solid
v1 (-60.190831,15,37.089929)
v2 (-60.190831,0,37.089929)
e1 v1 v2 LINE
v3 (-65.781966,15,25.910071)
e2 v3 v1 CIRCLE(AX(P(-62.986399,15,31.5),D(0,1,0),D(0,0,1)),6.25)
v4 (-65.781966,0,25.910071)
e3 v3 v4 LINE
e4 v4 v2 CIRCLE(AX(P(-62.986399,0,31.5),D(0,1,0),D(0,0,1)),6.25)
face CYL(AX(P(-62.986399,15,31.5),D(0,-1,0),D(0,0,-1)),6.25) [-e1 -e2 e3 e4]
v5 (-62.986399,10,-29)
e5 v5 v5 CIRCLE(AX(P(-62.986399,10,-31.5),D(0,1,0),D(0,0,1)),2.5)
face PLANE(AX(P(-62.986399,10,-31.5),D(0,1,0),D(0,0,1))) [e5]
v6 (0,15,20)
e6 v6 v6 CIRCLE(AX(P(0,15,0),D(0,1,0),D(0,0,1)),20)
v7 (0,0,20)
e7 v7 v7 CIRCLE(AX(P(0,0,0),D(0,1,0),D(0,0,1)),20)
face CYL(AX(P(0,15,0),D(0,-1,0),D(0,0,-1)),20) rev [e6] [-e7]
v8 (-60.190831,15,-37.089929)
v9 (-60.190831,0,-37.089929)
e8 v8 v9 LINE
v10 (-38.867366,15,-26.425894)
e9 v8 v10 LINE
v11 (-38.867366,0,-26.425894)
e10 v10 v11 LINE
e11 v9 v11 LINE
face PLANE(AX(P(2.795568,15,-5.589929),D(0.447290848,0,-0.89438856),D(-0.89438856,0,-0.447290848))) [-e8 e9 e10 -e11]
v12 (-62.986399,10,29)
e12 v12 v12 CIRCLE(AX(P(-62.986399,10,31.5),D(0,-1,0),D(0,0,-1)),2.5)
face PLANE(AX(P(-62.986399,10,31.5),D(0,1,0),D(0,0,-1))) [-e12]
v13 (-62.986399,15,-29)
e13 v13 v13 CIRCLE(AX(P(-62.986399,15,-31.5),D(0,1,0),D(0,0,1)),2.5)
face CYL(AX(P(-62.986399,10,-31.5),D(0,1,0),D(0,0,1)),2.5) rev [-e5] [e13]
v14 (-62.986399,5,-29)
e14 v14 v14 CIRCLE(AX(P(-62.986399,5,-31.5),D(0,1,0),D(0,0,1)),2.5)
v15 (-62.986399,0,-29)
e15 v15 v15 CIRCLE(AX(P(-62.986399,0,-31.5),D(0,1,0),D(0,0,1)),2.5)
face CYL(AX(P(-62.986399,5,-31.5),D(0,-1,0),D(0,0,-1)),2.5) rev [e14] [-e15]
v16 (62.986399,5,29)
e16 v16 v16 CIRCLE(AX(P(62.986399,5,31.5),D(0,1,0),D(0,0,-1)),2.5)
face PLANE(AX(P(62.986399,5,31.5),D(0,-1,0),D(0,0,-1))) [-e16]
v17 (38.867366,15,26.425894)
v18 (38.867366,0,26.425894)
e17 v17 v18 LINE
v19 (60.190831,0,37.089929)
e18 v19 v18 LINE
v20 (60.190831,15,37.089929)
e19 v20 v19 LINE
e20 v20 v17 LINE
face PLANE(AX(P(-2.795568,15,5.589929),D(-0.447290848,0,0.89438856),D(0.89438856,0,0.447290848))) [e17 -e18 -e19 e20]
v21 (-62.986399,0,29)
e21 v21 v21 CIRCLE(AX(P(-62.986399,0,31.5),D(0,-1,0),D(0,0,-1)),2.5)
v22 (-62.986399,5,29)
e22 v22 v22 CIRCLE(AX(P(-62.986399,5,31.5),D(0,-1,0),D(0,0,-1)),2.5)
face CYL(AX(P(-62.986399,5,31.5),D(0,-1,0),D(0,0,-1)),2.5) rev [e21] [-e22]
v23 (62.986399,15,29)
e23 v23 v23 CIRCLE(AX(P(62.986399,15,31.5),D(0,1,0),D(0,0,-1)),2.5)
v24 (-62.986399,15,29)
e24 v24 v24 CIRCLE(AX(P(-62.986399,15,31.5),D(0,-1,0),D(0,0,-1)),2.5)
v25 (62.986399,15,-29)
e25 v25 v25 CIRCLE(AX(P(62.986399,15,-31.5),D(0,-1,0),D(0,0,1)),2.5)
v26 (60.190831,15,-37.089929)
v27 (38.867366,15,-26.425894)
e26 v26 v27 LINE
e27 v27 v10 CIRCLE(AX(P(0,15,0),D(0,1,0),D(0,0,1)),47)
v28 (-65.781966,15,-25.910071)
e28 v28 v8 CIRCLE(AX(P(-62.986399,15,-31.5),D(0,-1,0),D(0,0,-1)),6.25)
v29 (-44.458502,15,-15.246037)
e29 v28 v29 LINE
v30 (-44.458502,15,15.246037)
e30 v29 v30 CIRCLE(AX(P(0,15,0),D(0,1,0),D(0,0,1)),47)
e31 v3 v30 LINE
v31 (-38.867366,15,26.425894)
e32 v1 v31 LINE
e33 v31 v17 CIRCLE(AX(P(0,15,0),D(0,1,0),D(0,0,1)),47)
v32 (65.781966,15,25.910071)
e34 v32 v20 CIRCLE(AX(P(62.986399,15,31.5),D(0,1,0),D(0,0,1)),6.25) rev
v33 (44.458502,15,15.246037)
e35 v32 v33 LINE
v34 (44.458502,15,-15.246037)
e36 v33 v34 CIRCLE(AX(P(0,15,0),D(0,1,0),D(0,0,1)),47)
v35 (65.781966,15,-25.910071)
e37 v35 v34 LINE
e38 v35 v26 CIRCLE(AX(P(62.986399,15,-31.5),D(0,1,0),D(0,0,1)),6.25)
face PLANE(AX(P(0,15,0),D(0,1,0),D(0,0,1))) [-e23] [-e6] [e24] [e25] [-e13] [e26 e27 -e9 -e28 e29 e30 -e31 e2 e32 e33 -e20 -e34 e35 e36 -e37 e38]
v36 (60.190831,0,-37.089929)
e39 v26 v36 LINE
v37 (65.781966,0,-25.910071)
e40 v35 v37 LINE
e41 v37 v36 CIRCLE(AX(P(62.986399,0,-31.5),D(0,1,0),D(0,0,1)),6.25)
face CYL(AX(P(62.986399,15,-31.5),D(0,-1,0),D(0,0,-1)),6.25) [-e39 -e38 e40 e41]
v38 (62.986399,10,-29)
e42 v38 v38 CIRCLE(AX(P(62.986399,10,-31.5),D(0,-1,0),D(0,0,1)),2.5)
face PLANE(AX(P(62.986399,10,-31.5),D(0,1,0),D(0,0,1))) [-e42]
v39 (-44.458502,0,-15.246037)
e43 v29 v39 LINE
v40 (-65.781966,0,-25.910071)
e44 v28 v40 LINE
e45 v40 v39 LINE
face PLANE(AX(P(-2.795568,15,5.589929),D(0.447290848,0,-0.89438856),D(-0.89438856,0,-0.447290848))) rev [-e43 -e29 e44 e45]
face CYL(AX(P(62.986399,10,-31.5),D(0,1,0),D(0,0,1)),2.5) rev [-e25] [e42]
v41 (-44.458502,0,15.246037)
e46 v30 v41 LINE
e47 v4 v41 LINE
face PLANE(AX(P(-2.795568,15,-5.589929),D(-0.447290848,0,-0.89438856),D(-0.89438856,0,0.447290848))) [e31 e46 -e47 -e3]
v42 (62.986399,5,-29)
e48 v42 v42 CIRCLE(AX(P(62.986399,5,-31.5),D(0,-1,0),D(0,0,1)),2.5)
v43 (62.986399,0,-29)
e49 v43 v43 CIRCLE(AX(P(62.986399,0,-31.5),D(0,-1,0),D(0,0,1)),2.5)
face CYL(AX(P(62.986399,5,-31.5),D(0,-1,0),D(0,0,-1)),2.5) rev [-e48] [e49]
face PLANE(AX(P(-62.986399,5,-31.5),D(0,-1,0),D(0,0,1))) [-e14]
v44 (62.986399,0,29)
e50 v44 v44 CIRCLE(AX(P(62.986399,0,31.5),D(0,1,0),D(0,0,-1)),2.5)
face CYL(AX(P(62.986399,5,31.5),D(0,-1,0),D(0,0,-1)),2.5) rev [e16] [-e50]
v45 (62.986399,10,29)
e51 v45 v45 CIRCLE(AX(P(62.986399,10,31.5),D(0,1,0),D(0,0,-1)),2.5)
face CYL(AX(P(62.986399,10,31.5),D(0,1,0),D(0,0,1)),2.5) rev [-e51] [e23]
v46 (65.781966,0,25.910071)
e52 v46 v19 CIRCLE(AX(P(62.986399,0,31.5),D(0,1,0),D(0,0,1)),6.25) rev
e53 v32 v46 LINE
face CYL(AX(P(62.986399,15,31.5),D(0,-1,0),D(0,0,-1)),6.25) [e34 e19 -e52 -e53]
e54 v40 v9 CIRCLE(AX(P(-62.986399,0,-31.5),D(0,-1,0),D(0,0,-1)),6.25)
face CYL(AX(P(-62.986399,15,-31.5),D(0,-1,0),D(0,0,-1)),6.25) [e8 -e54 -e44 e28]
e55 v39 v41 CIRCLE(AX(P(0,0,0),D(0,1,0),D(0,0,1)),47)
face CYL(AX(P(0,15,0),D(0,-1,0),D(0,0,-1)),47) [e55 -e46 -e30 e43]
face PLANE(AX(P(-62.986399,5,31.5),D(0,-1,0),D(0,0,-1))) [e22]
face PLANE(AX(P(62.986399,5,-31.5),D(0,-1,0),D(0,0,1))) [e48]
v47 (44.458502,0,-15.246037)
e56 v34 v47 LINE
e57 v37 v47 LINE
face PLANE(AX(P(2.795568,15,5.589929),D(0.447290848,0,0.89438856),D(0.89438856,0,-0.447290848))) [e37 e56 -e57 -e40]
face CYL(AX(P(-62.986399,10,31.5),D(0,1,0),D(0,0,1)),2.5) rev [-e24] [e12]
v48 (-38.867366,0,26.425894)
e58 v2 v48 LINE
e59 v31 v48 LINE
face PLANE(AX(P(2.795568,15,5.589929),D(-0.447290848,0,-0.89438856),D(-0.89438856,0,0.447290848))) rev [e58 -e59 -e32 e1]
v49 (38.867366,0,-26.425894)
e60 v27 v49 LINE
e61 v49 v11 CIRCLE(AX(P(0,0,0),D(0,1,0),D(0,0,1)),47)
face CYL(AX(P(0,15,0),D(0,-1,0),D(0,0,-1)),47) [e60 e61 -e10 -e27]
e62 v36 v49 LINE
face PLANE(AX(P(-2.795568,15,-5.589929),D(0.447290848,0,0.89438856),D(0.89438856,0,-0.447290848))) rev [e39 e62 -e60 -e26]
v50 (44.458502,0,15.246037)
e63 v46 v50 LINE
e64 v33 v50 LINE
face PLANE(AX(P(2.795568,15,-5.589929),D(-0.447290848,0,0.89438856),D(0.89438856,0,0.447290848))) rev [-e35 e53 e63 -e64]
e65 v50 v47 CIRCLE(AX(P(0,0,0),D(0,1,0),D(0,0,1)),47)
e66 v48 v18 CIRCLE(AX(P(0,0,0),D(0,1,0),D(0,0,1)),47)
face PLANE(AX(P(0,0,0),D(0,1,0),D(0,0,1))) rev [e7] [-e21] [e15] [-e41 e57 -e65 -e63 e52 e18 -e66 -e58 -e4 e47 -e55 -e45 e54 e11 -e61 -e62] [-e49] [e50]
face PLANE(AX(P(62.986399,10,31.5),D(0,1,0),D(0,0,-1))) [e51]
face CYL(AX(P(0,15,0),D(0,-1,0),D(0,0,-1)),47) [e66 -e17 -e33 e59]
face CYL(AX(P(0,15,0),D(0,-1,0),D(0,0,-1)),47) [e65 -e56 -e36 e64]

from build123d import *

# Parameters (mm, degrees)
SKETCH_1_R               = 20
EXTRUDE_1_DEPTH          = 15
SKETCH_2_R               = 2.5
CUT_EXTRUDE_1_DEPTH      = 5
MIRROR_2_COPY_1_SKETCH_R = 2.5
MIRROR_2_COPY_1_DEPTH    = 5
MIRROR_3_COPY_1_SKETCH_R = 2.5
MIRROR_3_COPY_1_DEPTH    = 5
MIRROR_3_COPY_2_SKETCH_R = 2.5
MIRROR_3_COPY_2_DEPTH    = 5
MIRROR_3_COPY_3_SKETCH_R = 2.5
MIRROR_3_COPY_3_DEPTH    = 5


with BuildPart() as part:
    # 草图1 → 凸台-拉伸1 (new body)
    with BuildSketch(Plane(origin=(0, 0, 0), x_dir=(1, 0, 0), z_dir=(0, 1, 0))):
        with BuildLine():
            Line((44.458501576, 15.246036783), (65.781966365, 25.910071498))
            ThreePointArc((65.781966365, 25.910071498), (68.576327064, 34.295567803), (60.190830759, 37.089928502))
            Line((60.190830759, 37.089928502), (38.867365971, 26.425893787))
            ThreePointArc((38.867365971, 26.425893787), (0, 47), (-38.867365971, 26.425893787))
            Line((-38.867365971, 26.425893787), (-60.190830759, 37.089928502))
            ThreePointArc((-60.190830759, 37.089928502), (-68.576327064, 34.295567803), (-65.781966365, 25.910071498))
            Line((-65.781966365, 25.910071498), (-44.458501576, 15.246036783))
            ThreePointArc((-44.458501576, 15.246036783), (-47, 0), (-44.458501576, -15.246036783))
            Line((-44.458501576, -15.246036783), (-65.781966365, -25.910071498))
            ThreePointArc((-65.781966365, -25.910071498), (-68.576327064, -34.295567803), (-60.190830759, -37.089928502))
            Line((-60.190830759, -37.089928502), (-38.867365971, -26.425893787))
            ThreePointArc((-38.867365971, -26.425893787), (0, -47), (38.867365971, -26.425893787))
            Line((38.867365971, -26.425893787), (60.190830759, -37.089928502))
            ThreePointArc((60.190830759, -37.089928502), (68.576327064, -34.295567803), (65.781966365, -25.910071498))
            Line((65.781966365, -25.910071498), (44.458501576, -15.246036783))
            ThreePointArc((44.458501576, -15.246036783), (47, 0), (44.458501576, 15.246036783))
        make_face()
        with Locations(Location((0, 0, 0), (0, 0, 270))):
            Circle(SKETCH_1_R, mode=Mode.SUBTRACT)
    extrude(amount=EXTRUDE_1_DEPTH)

    # 草图2 → 切除-拉伸1 (cut)
    with BuildSketch(Plane(origin=(0, 15, 0), x_dir=(1, 0, 0), z_dir=(0, 1, 0))):
        with Locations(Location((-62.986398562, 31.5, 0), (0, 0, 270))):
            Circle(SKETCH_2_R)
    cut_extrude_1 = extrude(amount=-CUT_EXTRUDE_1_DEPTH, mode=Mode.SUBTRACT)

    # 镜向1: 切除-拉伸1 across plane
    add(cut_extrude_1.mirror(Plane.XY), mode=Mode.SUBTRACT)

    # 镜向2: 切除-拉伸1 across plane
    add(cut_extrude_1.mirror(Plane(origin=(0, 0, 0), x_dir=(0, 0, 1), z_dir=(1, 0, 0))), mode=Mode.SUBTRACT)

    # 镜向2 copy 1 sketch → 镜向2 copy 1 (cut)
    with BuildSketch(Plane(origin=(0, 15, 0), x_dir=(-1, 0, 0), z_dir=(0, 1, 0))):
        with Locations(Location((-62.986398562, 31.5, 0), (0, 0, 270))):
            Circle(MIRROR_2_COPY_1_SKETCH_R)
    extrude(amount=-MIRROR_2_COPY_1_DEPTH, mode=Mode.SUBTRACT)

    # 镜向3: 切除-拉伸1 across plane
    add(cut_extrude_1.mirror(Plane(origin=(0, 7.5, 0), x_dir=(0, 0, 1), z_dir=(0, -1, 0))), mode=Mode.SUBTRACT)

    # 镜向3 copy 1 sketch → 镜向3 copy 1 (cut)
    with BuildSketch(Plane.XZ):
        with Locations(Location((-62.986398562, 31.5, 0), (0, 0, 270))):
            Circle(MIRROR_3_COPY_1_SKETCH_R)
    extrude(amount=-MIRROR_3_COPY_1_DEPTH, mode=Mode.SUBTRACT)

    # 镜向3 copy 2 sketch → 镜向3 copy 2 (cut)
    with BuildSketch(Plane(origin=(0, 0, 0), x_dir=(-1, 0, 0), z_dir=(0, -1, 0))):
        with Locations(Location((-62.986398562, 31.5, 0), (0, 0, 270))):
            Circle(MIRROR_3_COPY_2_SKETCH_R)
    extrude(amount=-MIRROR_3_COPY_2_DEPTH, mode=Mode.SUBTRACT)

    # 镜向3 copy 3 sketch → 镜向3 copy 3 (cut)
    with BuildSketch(Plane(origin=(0, 0, 0), x_dir=(-1, 0, 0), z_dir=(0, -1, 0))):
        with Locations((-62.986398562, -31.5)):
            Circle(MIRROR_3_COPY_3_SKETCH_R)
    extrude(amount=-MIRROR_3_COPY_3_DEPTH, mode=Mode.SUBTRACT)


solid = part.part
